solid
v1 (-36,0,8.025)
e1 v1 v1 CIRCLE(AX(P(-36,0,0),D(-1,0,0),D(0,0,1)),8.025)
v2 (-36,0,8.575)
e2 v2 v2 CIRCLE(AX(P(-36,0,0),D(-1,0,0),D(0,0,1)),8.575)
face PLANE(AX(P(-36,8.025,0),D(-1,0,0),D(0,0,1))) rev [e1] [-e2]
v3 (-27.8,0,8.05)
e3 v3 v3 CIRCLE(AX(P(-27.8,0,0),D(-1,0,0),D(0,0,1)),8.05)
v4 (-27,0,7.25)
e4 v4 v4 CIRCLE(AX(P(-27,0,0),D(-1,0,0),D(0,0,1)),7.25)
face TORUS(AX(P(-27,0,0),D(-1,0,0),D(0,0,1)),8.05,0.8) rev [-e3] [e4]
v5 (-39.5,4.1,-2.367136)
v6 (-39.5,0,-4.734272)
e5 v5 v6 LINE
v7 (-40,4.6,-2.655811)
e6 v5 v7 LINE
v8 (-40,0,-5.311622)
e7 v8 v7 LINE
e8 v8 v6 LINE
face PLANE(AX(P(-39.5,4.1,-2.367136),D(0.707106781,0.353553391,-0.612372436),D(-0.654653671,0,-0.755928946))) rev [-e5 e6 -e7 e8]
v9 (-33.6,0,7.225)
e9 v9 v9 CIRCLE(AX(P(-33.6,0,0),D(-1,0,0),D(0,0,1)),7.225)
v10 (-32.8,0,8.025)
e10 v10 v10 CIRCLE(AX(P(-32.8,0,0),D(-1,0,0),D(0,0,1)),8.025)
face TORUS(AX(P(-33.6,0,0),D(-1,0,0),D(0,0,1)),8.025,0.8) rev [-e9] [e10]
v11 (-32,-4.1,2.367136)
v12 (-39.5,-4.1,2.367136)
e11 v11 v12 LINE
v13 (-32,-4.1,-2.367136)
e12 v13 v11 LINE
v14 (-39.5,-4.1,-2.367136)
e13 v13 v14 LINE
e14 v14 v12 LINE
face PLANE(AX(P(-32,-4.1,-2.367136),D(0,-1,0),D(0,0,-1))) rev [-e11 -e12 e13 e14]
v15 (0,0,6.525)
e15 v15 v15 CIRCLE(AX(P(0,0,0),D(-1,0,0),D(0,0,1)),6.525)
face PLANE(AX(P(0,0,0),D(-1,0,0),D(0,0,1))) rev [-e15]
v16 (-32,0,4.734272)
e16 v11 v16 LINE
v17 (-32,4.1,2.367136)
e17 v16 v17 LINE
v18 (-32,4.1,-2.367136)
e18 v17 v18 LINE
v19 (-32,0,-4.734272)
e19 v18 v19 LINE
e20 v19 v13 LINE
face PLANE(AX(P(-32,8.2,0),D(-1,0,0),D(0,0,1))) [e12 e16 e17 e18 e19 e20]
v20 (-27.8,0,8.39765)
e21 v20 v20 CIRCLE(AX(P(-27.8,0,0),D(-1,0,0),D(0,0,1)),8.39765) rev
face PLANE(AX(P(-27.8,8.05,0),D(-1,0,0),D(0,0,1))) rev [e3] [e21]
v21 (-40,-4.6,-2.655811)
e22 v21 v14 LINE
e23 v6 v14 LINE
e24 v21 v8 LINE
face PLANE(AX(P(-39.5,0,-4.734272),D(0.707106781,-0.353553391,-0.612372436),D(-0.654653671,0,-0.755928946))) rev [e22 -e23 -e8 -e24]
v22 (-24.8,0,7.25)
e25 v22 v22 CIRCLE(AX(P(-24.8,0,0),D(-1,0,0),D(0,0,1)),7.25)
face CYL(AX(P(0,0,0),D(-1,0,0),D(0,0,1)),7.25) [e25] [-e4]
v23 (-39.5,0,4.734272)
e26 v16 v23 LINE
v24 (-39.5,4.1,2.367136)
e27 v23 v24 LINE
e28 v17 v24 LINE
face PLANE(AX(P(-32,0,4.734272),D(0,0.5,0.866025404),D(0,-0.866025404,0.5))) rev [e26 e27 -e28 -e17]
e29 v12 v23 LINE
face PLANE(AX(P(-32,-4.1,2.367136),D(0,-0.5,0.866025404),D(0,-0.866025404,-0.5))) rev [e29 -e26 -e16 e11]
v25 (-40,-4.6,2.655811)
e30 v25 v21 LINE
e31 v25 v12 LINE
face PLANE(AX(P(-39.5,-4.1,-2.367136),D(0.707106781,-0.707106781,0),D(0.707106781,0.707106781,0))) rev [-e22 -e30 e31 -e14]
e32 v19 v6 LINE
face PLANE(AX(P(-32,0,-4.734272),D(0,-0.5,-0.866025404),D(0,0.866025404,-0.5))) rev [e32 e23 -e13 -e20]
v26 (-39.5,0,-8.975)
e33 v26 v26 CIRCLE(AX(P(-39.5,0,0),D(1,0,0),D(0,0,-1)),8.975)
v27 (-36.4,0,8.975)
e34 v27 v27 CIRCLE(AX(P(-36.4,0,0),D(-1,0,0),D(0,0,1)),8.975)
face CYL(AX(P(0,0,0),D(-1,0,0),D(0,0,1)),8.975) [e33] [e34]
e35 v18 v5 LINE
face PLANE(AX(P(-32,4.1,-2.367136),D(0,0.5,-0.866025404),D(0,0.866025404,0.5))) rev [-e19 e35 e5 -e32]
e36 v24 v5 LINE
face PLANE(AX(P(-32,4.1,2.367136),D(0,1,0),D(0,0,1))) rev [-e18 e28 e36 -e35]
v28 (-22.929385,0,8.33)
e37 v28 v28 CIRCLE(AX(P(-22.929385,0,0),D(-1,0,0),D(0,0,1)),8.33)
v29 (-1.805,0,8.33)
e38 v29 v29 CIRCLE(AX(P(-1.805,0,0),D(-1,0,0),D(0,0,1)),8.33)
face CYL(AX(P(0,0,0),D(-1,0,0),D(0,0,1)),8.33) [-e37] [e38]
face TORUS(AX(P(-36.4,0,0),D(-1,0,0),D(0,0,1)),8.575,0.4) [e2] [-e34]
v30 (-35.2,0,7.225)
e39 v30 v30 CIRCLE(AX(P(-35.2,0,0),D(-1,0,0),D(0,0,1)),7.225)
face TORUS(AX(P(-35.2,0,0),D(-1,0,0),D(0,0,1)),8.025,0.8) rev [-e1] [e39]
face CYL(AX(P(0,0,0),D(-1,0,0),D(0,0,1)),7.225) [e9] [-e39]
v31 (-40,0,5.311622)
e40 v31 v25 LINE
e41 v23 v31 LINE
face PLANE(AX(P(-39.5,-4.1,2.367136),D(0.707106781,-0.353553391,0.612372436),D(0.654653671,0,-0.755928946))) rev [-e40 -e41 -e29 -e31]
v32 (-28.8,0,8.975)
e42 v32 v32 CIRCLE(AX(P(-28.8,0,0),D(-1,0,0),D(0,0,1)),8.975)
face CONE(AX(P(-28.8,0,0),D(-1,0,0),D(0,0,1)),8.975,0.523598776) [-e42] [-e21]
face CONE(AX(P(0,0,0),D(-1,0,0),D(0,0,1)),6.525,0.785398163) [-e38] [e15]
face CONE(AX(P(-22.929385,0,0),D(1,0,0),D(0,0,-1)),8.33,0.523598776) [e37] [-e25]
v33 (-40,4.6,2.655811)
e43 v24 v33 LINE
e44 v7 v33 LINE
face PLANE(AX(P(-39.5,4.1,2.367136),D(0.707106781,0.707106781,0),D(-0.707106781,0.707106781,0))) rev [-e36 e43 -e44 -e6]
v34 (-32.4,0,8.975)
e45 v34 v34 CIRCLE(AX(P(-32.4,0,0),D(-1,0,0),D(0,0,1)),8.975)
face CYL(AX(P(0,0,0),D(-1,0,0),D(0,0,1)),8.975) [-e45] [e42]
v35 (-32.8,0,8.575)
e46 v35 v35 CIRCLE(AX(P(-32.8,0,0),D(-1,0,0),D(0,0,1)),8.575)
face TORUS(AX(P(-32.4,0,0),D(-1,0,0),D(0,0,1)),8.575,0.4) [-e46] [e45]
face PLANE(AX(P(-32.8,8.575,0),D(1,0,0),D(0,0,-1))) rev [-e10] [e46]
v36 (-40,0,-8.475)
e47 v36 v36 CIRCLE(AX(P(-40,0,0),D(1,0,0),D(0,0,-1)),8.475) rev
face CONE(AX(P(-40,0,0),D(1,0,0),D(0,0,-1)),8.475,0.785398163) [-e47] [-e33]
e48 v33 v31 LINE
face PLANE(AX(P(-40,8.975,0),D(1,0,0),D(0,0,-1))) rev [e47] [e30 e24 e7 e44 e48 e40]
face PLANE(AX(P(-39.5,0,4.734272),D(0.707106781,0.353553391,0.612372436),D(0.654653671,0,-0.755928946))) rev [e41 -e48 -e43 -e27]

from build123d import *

# Parameters (mm, degrees)
CUT_EXTRUDE1_DEPTH = 8
CHAMFER1_SIZE      = 0.5
CHAMFER2_SIZE      = 0.5
CHAMFER3_SIZE      = 1
CHAMFER3_SIZE2     = 0.577350269


with BuildPart() as part:
    # Sketch1 → Revolve1 (revolve)
    with BuildSketch(Plane.XY, mode=Mode.PRIVATE) as revolve1_sk:
        with BuildLine():
            Line((0, 0), (0, 6.525))
            Line((0, 6.525), (-1.805, 8.33))
            Line((-1.805, 8.33), (-22.929385128, 8.33))
            Line((-22.929385128, 8.33), (-24.8, 7.25))
            Line((-24.8, 7.25), (-27, 7.25))
            ThreePointArc((-27, 7.25), (-27.565685425, 7.484314575), (-27.8, 8.05))
            Line((-27.8, 8.05), (-27.8, 8.975))
            Line((-27.8, 8.975), (-32.4, 8.975))
            ThreePointArc((-32.4, 8.975), (-32.682842712, 8.857842712), (-32.8, 8.575))
            Line((-32.8, 8.575), (-32.8, 8.025))
            ThreePointArc((-32.8, 8.025), (-33.034314575, 7.459314575), (-33.6, 7.225))
            Line((-33.6, 7.225), (-35.2, 7.225))
            ThreePointArc((-35.2, 7.225), (-35.765685425, 7.459314575), (-36, 8.025))
            Line((-36, 8.025), (-36, 8.575))
            ThreePointArc((-36, 8.575), (-36.117157288, 8.857842712), (-36.4, 8.975))
            Line((-36.4, 8.975), (-40, 8.975))
            Line((-40, 8.975), (-40, 0))
            Line((-40, 0), (0, 0))
        make_face()
    revolve(revolve1_sk.sketch.rotate(Axis((0, 0, 0), (1, 0, 0)), 90), axis=Axis((0, 0, 0), (1, 0, 0)))

    # Sketch2 → Cut-Extrude1 (cut)
    with BuildSketch(Plane.ZY.offset(40)):
        Polygon((2.367136104, 4.1), (-2.367136104, 4.1), (-4.734272207, 0), (-2.367136104, -4.1), (2.367136104, -4.1), (4.734272207, 0), align=None)
    extrude(amount=-CUT_EXTRUDE1_DEPTH, mode=Mode.SUBTRACT)

    # Chamfer1
    chamfer1_edges = [part.edges().sort_by_distance(p)[0] for p in [
        (-40, 2.05, 3.550704156),
        (-40, 4.1, 0),
        (-40, 2.05, -3.550704156),
        (-40, -2.05, -3.550704156),
        (-40, -4.1, 0),
        (-40, -2.05, 3.550704156),
    ]]
    chamfer(chamfer1_edges, length=CHAMFER1_SIZE)

    # Chamfer2
    chamfer2_edges = [part.edges().sort_by_distance(p)[0] for p in [
        (-40, 0, -8.975),
    ]]
    chamfer(chamfer2_edges, length=CHAMFER2_SIZE)

    # Chamfer3
    chamfer3_edges = [part.edges().sort_by_distance(p)[0] for p in [
        (-27.8, 0, -8.975),
    ]]
    chamfer3_side = [part.faces().sort_by_distance(p)[0] for p in [
        (-30.1, 0, -8.975),
    ]]
    chamfer(chamfer3_edges, length=CHAMFER3_SIZE, length2=CHAMFER3_SIZE2, reference=chamfer3_side[0])


solid = part.part
